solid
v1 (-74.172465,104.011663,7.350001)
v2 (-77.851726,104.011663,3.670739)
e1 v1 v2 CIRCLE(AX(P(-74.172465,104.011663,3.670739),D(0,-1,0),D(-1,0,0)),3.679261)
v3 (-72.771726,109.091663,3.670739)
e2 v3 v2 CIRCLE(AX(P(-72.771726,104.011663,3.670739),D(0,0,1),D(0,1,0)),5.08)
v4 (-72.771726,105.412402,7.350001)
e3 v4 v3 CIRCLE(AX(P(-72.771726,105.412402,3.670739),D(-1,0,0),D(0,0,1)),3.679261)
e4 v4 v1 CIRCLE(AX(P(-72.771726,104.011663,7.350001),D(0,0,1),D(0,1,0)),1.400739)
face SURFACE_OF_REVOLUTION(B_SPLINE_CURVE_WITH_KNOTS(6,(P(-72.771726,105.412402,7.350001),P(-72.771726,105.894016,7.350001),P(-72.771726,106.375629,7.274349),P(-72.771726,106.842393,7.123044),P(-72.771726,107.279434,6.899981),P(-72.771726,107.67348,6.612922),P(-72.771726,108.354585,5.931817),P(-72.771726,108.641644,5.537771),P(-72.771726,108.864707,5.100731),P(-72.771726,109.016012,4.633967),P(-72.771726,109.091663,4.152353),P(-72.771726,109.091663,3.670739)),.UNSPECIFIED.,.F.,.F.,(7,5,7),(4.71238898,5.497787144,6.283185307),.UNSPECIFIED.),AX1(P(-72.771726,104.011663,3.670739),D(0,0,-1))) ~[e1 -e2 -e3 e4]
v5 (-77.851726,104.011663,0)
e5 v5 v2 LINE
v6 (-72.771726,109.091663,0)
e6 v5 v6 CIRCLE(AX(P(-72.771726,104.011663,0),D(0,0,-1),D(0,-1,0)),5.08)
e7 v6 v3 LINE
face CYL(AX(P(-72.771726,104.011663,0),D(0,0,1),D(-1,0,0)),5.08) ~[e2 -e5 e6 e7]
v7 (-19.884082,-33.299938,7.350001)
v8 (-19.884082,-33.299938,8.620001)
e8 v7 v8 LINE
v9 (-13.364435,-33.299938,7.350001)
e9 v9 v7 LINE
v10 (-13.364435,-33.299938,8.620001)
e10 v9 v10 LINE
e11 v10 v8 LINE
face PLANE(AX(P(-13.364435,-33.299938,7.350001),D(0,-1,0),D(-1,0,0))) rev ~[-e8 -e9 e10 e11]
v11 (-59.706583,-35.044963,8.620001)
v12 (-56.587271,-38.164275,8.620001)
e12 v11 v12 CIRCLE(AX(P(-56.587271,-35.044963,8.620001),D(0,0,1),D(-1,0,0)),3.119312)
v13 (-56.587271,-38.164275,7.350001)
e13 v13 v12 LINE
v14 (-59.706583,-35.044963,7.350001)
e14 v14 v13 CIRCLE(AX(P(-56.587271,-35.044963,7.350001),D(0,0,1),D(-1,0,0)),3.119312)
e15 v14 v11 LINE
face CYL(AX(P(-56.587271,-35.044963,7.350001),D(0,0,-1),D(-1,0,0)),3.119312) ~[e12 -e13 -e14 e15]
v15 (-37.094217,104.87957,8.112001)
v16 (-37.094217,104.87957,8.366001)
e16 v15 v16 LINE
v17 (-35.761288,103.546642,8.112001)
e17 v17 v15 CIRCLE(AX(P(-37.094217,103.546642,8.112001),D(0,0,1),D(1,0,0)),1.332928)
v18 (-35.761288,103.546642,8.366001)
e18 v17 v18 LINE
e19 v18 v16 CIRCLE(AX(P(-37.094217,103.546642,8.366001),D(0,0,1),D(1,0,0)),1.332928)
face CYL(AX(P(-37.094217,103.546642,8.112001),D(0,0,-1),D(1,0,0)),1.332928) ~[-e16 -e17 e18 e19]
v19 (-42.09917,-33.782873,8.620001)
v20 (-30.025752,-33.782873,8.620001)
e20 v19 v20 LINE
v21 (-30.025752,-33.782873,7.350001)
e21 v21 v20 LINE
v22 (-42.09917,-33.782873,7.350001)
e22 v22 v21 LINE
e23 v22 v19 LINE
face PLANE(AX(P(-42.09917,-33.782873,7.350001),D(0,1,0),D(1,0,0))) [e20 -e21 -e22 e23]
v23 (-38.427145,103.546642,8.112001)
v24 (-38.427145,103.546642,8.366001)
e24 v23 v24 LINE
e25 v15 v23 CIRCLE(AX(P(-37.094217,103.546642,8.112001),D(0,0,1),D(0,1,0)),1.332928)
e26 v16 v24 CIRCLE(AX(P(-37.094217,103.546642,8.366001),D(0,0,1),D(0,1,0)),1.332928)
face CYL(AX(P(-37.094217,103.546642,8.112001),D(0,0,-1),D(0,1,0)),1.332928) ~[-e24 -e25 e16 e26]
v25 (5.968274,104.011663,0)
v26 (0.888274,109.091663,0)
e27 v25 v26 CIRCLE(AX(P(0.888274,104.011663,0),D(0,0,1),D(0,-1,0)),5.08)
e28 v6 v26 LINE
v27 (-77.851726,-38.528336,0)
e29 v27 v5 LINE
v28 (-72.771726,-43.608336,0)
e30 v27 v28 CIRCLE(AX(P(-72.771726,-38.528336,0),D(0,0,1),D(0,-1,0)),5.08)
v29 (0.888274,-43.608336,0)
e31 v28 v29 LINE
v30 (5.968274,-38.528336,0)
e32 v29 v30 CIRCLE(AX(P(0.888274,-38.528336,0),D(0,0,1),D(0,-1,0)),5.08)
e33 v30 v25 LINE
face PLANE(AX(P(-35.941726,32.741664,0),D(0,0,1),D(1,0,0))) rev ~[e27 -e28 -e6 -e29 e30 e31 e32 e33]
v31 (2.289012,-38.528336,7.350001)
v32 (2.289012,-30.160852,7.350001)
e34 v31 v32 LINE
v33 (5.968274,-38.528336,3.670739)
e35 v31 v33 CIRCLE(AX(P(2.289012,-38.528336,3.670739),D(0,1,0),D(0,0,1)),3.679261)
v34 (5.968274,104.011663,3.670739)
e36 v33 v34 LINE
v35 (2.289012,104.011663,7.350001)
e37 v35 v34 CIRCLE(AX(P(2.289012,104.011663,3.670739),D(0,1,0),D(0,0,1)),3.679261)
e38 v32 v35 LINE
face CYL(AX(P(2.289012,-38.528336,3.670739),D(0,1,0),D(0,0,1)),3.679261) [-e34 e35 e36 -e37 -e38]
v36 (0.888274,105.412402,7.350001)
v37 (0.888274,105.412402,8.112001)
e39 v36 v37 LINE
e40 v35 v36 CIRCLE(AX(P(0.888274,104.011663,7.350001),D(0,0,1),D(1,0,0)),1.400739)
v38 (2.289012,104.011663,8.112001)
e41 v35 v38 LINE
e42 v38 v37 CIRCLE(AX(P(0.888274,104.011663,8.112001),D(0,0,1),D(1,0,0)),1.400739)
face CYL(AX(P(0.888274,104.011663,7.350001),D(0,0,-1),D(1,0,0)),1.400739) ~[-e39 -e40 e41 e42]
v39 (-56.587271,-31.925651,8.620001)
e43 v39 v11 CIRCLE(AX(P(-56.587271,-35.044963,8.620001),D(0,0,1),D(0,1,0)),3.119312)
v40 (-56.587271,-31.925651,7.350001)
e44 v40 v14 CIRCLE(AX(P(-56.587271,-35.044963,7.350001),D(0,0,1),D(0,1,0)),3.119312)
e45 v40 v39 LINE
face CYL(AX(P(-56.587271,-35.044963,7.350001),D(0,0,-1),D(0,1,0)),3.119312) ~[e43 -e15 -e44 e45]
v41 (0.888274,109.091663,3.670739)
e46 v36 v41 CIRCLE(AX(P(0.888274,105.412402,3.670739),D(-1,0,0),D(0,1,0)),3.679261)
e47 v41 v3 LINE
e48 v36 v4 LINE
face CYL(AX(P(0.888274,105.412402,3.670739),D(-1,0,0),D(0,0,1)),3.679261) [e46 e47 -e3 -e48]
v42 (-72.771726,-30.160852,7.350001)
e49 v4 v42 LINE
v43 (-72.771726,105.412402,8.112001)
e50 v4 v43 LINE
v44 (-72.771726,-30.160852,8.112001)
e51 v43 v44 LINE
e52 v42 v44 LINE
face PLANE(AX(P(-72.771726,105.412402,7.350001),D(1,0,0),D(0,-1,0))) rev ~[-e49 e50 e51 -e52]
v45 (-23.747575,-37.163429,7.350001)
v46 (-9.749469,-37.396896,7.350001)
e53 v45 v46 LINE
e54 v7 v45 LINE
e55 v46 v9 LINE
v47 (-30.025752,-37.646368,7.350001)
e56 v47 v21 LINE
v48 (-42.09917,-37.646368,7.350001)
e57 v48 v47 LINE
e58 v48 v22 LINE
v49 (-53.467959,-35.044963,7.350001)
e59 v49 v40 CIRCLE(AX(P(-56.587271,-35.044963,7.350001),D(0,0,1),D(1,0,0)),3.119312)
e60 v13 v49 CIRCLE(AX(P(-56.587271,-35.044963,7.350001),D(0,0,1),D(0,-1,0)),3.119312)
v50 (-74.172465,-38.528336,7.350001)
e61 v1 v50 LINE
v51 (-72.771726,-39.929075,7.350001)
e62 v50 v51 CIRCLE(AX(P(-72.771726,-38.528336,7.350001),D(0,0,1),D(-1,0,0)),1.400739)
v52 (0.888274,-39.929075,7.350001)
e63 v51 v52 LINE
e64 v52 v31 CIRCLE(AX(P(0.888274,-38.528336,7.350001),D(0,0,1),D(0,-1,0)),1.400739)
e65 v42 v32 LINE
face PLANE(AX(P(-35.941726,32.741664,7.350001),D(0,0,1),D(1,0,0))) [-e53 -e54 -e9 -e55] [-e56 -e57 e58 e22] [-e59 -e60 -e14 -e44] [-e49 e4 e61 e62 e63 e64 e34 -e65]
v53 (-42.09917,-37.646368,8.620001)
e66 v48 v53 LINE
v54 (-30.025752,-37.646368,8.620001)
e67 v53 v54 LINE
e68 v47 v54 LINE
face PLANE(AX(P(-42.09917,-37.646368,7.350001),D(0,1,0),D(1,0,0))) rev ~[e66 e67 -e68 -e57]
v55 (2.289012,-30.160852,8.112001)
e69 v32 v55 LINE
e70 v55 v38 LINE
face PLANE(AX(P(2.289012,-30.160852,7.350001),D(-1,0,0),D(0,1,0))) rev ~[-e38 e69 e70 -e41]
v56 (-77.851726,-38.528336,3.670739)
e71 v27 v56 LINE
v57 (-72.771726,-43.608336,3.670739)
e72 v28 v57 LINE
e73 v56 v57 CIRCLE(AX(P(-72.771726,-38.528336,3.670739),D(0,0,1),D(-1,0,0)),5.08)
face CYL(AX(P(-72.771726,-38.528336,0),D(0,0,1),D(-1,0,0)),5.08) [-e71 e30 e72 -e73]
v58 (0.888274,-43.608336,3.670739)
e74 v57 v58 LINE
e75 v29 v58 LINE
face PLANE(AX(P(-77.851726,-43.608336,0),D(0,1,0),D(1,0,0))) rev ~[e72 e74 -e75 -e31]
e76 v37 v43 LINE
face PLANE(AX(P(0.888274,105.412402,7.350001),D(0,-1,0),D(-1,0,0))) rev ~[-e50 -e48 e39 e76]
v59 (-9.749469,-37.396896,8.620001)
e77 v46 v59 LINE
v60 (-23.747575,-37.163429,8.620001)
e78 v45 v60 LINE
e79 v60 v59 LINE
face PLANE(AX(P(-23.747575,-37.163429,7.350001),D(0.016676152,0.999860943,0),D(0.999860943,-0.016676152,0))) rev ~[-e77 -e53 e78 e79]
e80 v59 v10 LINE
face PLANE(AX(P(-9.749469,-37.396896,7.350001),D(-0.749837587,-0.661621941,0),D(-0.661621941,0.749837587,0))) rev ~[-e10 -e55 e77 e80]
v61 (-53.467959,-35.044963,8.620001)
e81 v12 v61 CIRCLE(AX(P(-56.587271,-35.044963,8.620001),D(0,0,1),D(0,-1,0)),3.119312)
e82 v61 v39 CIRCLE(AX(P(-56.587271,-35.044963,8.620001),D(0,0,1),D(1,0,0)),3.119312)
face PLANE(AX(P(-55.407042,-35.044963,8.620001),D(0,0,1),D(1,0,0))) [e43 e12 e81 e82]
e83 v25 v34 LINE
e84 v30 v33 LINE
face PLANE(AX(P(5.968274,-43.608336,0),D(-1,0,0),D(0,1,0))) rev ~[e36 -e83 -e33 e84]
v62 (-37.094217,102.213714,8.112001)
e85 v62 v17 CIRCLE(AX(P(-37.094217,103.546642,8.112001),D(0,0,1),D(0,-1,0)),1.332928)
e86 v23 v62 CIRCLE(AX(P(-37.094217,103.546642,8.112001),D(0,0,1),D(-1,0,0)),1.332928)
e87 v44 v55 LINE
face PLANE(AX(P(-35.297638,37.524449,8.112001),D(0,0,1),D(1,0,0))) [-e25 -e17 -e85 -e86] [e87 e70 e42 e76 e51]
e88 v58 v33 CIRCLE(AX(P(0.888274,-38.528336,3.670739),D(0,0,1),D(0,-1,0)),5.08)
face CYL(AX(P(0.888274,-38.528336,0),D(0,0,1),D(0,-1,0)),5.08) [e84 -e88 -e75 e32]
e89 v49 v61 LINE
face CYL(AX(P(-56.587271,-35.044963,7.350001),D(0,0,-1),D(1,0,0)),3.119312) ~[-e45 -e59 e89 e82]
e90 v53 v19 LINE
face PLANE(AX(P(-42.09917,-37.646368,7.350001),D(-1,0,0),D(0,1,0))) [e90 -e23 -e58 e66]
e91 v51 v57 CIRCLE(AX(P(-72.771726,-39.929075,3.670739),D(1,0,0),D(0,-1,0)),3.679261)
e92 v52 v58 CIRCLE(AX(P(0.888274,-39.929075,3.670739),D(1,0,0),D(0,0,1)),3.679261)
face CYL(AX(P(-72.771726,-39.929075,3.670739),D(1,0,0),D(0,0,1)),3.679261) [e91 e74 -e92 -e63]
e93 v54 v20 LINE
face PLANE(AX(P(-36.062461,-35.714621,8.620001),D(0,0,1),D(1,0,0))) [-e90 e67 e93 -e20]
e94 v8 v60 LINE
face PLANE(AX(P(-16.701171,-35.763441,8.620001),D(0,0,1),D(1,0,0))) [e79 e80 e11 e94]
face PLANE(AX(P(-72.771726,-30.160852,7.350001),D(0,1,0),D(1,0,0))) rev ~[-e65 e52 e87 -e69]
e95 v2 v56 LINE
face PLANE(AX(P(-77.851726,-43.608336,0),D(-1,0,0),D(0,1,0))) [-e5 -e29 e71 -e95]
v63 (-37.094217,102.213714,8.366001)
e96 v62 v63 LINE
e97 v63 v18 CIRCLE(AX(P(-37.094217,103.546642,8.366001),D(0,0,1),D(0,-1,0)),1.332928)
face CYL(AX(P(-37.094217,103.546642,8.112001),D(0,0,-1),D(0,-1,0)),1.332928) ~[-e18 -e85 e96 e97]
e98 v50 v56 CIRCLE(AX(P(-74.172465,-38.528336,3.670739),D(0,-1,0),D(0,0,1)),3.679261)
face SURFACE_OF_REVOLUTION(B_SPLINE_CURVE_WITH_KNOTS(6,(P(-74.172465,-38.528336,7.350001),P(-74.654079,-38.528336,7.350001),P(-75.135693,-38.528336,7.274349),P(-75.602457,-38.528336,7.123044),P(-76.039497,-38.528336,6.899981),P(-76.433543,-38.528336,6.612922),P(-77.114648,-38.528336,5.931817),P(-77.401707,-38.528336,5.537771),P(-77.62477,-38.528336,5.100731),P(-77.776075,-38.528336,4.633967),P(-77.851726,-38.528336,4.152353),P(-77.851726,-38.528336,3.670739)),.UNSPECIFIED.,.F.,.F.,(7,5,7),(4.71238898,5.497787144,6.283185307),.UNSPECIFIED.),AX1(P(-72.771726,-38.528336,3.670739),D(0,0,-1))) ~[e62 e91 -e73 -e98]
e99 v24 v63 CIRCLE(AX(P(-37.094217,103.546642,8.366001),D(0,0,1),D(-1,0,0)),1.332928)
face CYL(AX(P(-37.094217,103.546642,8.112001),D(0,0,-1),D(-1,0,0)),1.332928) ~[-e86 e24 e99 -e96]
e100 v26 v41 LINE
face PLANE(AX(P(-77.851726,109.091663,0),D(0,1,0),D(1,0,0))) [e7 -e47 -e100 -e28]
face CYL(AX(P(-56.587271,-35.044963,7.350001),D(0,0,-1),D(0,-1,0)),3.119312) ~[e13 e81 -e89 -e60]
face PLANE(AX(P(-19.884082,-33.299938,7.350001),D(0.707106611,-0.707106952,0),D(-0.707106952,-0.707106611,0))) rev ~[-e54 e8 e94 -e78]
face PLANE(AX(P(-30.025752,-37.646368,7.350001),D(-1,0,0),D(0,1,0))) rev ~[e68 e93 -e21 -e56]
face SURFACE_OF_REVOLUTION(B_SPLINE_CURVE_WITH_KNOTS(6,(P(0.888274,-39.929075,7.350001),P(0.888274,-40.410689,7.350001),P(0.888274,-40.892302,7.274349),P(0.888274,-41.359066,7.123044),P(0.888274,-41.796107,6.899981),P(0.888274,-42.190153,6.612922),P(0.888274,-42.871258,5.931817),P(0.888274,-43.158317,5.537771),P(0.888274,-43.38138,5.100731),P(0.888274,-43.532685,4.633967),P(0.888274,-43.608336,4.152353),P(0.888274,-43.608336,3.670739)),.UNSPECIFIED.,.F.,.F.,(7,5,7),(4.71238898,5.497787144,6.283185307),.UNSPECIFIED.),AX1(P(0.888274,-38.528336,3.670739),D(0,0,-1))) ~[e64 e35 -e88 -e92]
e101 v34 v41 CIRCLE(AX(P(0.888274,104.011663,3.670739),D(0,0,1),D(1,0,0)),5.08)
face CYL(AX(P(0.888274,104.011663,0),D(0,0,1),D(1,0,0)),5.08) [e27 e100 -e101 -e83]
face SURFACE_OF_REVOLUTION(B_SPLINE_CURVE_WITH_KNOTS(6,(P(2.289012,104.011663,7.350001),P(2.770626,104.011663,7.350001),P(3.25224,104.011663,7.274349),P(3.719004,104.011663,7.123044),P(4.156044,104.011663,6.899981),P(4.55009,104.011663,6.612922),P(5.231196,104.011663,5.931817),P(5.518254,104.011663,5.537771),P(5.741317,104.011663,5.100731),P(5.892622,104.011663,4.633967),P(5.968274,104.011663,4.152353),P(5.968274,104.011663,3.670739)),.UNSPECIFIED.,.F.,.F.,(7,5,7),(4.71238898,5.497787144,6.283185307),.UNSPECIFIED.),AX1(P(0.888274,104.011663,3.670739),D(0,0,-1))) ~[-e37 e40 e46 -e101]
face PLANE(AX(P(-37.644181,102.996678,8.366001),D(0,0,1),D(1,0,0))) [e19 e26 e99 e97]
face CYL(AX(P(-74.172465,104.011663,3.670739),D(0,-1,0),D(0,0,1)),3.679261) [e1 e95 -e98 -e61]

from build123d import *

# Parameters (mm, degrees)
F0_W     = 83.82
F0_H     = 152.6999994
F1_DEPTH = 7.35000054
F2_R     = 5.08
F3_R     = 3.6792614691
F5_DEPTH = 0.762
F4_W     = 12.0734181255
F4_H     = 3.8634948432
F6_DEPTH = 1.27
F8_DEPTH = 0.254


with BuildPart() as f1:
    # F0 (on Top) → F1 (new body)
    with BuildSketch(Plane.XY):
        with Locations((-35.9417264286, 32.7416635112)):
            Rectangle(F0_W, F0_H)
    extrude(amount=F1_DEPTH)

    # F2
    f2_edges = [f1.edges().sort_by_distance(p)[0] for p in [
        (5.968274, -43.608336, 3.675),
        (-77.851726, -43.608336, 3.675),
        (-77.851726, 109.091663, 3.675),
        (5.968274, 109.091663, 3.675),
    ]]
    fillet(f2_edges, radius=F2_R)

    # F3
    f3_edges = [f1.edges().sort_by_distance(p)[0] for p in [
        (5.968274, 32.741664, 7.350001),
        (-77.851726, 32.741664, 7.350001),
    ]]
    fillet(f3_edges, radius=F3_R)

    # F4 (on face) → F5 (join)
    with BuildSketch(Plane.XY.offset(7.35000054)):
        with BuildLine():
            Line((0.8882735714, 105.4124017422), (-72.7717264286, 105.4124017422))
            Line((-72.7717264286, 105.4124017422), (-72.7717264286, -30.1608517766))
            Line((-72.7717264286, -30.1608517766), (-56.5872713923, -30.1608517766))
            Line((-56.5872713923, -30.1608517766), (2.2890121023, -30.1608517766))
            Line((2.2890121023, -30.1608517766), (2.2890121023, 104.0116632112))
            ThreePointArc((2.2890121023, 104.0116632112), (1.8787452853, 105.0021349251), (0.8882735714, 105.4124017422))
        make_face()
    extrude(amount=F5_DEPTH)

    # F4 (on face) → F6 (join)
    with BuildSketch(Plane.XY.offset(7.35000054)):
        with Locations((-36.062461324, -35.7146207243)):
            Rectangle(F4_W, F4_H)
        with BuildLine():
            ThreePointArc((-53.467959375, -35.0449632482), (-54.3815847122, -32.839276568), (-56.5872713923, -31.9256512308))
            Line((-56.5872713923, -31.9256512308), (-56.5872713923, -35.0449632482))
            Line((-56.5872713923, -35.0449632482), (-56.5872713923, -38.1642752656))
            ThreePointArc((-56.5872713923, -38.1642752656), (-54.3815847122, -37.2506499283), (-53.467959375, -35.0449632482))
        make_face()
        with BuildLine():
            Line((-56.5872713923, -35.0449632482), (-56.5872713923, -31.9256512308))
            ThreePointArc((-56.5872713923, -31.9256512308), (-58.7929580725, -32.839276568), (-59.7065834097, -35.0449632482))
            Line((-59.7065834097, -35.0449632482), (-56.5872713923, -35.0449632482))
        make_face()
        with BuildLine():
            Line((-56.5872713923, -35.0449632482), (-59.7065834097, -35.0449632482))
            ThreePointArc((-59.7065834097, -35.0449632482), (-58.7929580725, -37.2506499283), (-56.5872713923, -38.1642752656))
            Line((-56.5872713923, -38.1642752656), (-56.5872713923, -35.0449632482))
        make_face()
        Polygon((-19.8840815574, -33.2999378443), (-23.747574538, -37.1634289622), (-9.7494691825, -37.3968959546), (-13.3644351736, -33.2999378443), align=None)
    extrude(amount=F6_DEPTH)

    # F7 (on face) → F8 (join)
    with BuildSketch(Plane.XY.offset(8.11200054)):
        with BuildLine():
            Line((-37.0942167938, 103.5466420086), (-38.4271452132, 103.5466420086))
            ThreePointArc((-38.4271452132, 103.5466420086), (-38.036739518, 102.6041192844), (-37.0942167938, 102.2137135892))
            Line((-37.0942167938, 102.2137135892), (-37.0942167938, 103.5466420086))
        make_face()
        with BuildLine():
            Line((-35.7612883744, 103.5466420086), (-37.0942167938, 103.5466420086))
            Line((-37.0942167938, 103.5466420086), (-37.0942167938, 102.2137135892))
            ThreePointArc((-37.0942167938, 102.2137135892), (-36.1516940696, 102.6041192844), (-35.7612883744, 103.5466420086))
        make_face()
        with BuildLine():
            ThreePointArc((-35.7612883744, 103.5466420086), (-36.1516940696, 104.4891647328), (-37.0942167938, 104.879570428))
            Line((-37.0942167938, 104.879570428), (-37.0942167938, 103.5466420086))
            Line((-37.0942167938, 103.5466420086), (-35.7612883744, 103.5466420086))
        make_face()
        with BuildLine():
            Line((-37.0942167938, 103.5466420086), (-37.0942167938, 104.879570428))
            ThreePointArc((-37.0942167938, 104.879570428), (-38.036739518, 104.4891647328), (-38.4271452132, 103.5466420086))
            Line((-38.4271452132, 103.5466420086), (-37.0942167938, 103.5466420086))
        make_face()
    extrude(amount=F8_DEPTH)


solid = f1.part
